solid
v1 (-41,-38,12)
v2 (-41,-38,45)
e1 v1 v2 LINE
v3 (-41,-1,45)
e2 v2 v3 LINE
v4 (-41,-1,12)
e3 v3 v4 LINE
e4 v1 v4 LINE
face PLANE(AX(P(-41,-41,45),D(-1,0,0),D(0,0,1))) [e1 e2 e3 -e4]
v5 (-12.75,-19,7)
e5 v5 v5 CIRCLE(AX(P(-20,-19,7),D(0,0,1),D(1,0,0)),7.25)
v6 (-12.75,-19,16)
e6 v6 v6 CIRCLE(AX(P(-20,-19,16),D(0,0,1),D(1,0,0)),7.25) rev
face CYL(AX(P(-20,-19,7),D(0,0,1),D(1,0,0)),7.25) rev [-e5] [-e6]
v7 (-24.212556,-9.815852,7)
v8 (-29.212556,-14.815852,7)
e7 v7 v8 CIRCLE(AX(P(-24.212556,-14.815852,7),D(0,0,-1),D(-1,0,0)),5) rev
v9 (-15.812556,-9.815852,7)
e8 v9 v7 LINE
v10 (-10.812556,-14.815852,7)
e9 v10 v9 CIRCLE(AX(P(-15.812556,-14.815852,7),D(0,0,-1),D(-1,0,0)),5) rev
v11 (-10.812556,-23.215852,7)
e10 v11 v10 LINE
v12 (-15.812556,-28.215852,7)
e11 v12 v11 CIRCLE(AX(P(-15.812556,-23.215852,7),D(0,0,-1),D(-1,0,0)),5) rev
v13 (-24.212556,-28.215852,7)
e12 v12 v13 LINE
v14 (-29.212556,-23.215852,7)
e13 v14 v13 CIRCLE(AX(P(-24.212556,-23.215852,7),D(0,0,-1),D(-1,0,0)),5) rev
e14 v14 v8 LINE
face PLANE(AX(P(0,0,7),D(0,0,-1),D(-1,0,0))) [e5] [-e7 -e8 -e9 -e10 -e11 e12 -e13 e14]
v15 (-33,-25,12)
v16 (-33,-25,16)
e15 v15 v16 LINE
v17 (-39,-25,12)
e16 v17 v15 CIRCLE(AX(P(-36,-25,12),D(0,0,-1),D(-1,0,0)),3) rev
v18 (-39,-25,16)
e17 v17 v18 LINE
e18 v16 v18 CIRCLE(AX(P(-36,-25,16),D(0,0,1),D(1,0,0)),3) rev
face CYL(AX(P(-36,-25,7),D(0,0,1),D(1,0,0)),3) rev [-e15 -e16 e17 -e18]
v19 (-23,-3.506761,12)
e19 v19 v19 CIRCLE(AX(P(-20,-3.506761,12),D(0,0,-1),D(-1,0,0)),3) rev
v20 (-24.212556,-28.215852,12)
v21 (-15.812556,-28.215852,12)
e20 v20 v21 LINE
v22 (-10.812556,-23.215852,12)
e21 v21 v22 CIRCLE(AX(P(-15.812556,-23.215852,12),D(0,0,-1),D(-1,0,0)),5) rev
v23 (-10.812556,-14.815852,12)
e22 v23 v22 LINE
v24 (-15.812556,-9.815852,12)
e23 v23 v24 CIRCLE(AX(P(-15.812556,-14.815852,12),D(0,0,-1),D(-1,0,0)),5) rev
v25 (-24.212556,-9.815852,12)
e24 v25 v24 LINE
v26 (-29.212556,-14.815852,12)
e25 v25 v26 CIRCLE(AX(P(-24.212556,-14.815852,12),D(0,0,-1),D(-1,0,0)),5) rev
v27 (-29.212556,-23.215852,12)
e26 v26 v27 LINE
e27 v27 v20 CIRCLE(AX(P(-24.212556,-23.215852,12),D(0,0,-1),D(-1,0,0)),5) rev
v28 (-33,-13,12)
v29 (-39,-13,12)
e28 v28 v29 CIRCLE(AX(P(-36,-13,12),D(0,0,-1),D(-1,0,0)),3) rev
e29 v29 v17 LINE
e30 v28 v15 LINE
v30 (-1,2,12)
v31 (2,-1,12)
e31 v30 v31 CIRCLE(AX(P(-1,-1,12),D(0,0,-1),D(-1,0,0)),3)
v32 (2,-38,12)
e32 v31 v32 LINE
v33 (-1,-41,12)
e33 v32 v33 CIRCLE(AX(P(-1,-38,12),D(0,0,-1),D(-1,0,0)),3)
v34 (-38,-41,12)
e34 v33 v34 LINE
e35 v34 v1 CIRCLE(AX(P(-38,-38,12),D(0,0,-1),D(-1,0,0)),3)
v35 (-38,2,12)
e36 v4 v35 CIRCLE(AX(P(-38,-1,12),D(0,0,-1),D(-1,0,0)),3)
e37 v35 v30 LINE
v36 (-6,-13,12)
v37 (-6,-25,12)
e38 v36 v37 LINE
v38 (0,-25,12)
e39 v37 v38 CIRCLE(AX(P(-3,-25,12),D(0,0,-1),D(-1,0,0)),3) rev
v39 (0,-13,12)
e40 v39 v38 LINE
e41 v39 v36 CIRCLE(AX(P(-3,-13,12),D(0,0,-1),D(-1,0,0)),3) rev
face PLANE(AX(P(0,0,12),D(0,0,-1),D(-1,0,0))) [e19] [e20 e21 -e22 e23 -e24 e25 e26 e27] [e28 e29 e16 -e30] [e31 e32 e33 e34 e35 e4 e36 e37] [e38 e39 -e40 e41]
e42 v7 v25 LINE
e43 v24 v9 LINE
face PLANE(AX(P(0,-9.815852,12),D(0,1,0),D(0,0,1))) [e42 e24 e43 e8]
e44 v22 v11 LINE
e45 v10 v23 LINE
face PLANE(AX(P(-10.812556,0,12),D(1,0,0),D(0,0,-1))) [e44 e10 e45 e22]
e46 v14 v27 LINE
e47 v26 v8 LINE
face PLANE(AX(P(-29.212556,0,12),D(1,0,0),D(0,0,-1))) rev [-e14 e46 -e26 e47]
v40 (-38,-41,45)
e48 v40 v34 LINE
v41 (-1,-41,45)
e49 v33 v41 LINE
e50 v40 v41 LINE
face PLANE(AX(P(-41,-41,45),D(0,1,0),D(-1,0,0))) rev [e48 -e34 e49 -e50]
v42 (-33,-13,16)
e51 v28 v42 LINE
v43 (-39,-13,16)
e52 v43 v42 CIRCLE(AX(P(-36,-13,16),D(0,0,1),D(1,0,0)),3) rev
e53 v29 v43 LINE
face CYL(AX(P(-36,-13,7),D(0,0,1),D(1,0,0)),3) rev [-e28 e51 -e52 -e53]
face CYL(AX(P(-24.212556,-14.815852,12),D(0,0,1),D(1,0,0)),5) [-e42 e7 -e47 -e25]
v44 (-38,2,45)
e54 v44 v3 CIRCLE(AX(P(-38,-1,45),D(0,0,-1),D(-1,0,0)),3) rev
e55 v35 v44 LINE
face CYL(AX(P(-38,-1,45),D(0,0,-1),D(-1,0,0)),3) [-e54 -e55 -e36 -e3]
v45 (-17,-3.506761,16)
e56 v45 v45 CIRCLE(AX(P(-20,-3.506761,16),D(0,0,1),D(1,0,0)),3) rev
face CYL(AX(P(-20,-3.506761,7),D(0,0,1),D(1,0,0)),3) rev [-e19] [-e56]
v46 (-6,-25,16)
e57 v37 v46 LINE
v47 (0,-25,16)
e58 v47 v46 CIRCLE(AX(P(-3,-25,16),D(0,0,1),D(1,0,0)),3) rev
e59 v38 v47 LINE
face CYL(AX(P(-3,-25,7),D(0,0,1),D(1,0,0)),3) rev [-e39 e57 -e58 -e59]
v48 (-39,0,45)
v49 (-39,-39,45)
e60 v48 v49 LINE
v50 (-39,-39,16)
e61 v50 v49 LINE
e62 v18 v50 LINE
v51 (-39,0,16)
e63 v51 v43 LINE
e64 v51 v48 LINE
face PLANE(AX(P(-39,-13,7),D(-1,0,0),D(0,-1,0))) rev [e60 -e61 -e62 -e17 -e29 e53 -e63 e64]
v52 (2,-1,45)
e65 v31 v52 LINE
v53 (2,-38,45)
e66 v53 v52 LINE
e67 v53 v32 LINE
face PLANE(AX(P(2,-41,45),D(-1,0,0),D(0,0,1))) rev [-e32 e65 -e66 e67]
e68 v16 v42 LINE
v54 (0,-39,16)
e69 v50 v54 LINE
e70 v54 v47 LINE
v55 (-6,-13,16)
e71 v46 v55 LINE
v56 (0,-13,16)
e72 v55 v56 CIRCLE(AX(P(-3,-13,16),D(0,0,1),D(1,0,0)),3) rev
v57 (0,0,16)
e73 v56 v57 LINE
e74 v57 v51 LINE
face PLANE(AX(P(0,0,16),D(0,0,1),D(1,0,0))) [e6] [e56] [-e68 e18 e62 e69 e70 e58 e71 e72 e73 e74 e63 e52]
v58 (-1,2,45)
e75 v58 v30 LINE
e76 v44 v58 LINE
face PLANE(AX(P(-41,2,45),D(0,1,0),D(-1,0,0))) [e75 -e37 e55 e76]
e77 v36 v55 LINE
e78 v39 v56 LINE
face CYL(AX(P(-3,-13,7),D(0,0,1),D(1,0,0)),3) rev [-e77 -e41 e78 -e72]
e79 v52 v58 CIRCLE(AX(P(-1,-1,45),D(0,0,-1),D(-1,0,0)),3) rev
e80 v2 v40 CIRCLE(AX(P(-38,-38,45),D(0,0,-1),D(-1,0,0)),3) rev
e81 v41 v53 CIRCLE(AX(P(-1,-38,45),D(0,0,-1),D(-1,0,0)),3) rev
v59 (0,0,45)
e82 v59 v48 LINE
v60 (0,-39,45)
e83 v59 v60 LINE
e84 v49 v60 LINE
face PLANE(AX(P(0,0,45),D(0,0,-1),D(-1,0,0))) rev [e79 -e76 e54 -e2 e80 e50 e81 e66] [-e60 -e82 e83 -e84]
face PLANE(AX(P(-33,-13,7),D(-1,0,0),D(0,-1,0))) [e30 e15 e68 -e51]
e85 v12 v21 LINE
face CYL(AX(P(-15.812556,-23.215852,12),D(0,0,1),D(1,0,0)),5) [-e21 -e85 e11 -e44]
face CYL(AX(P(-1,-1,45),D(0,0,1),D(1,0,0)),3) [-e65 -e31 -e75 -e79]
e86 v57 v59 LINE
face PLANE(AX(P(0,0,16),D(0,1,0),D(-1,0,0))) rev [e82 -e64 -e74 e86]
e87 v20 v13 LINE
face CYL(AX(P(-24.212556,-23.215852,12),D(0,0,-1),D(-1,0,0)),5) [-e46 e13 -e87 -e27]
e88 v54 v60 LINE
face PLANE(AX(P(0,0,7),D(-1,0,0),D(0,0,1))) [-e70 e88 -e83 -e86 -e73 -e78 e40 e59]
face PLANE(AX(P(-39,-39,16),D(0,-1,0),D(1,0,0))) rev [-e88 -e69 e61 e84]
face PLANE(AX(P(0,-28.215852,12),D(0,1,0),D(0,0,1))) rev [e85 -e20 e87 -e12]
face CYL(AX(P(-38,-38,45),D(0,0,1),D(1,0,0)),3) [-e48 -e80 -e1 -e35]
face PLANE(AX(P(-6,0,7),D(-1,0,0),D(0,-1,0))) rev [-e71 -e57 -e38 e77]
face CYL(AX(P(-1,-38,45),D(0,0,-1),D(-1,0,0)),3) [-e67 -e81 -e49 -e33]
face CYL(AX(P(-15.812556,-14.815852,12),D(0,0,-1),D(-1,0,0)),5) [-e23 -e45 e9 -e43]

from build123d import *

# Parameters (mm, degrees)
SKETCH1_W           = 43
SKETCH1_H           = 43
BOSS_EXTRUDE1_DEPTH = 45
SKETCH3_R           = 3
SKETCH3_R_2         = 7.25
CUT_EXTRUDE4_DEPTH  = 38
SKETCH6_W           = 39
SKETCH6_H           = 39
CUT_EXTRUDE5_DEPTH  = 29
SKETCH7_W           = 43
SKETCH7_H           = 43
SKETCH7_W_2         = 18.4
SKETCH7_H_2         = 18.4
CUT_EXTRUDE8_DEPTH  = 12
FILLET2_R           = 5
FILLET3_R           = 3
SKETCH10_W          = 20.235048465
SKETCH10_H          = 19.323901817
CUT_EXTRUDE9_DEPTH  = 7


with BuildPart() as part:
    # Sketch1 → Boss-Extrude1 (new body)
    with BuildSketch(Plane(origin=(0, 0, 0), x_dir=(0, 1, 0), z_dir=(0, 0, 1))):
        with Locations((-19.5, 19.5)):
            Rectangle(SKETCH1_W, SKETCH1_H)
    extrude(amount=BOSS_EXTRUDE1_DEPTH)

    # Sketch3 → Cut-Extrude4 (cut)
    with BuildSketch(Plane.XY.offset(45)):
        with Locations((-20, -3.506761261)):
            Circle(SKETCH3_R)
        with Locations((-20, -19)):
            Circle(SKETCH3_R_2)
        with BuildLine():
            Line((-6, -13), (-6, -25))
            ThreePointArc((-6, -25), (-3, -28), (0, -25))
            Line((0, -25), (0, -13))
            ThreePointArc((0, -13), (-3, -10), (-6, -13))
        make_face()
        with BuildLine():
            Line((-33, -13), (-33, -25))
            ThreePointArc((-33, -25), (-36, -28), (-39, -25))
            Line((-39, -25), (-39, -13))
            ThreePointArc((-39, -13), (-36, -10), (-33, -13))
        make_face()
    extrude(amount=-CUT_EXTRUDE4_DEPTH, mode=Mode.SUBTRACT)

    # Sketch6 → Cut-Extrude5 (cut)
    with BuildSketch(Plane.XY.offset(45)):
        with Locations((-19.5, -19.5)):
            Rectangle(SKETCH6_W, SKETCH6_H)
    extrude(amount=-CUT_EXTRUDE5_DEPTH, mode=Mode.SUBTRACT)

    # Sketch7 → Cut-Extrude8 (cut)
    with BuildSketch(Plane(origin=(0, 0, 0), x_dir=(1, 0, 0), z_dir=(0, 0, -1))):
        with Locations((-19.5, 19.5)):
            Rectangle(SKETCH7_W, SKETCH7_H)
        with Locations((-20.012556467, 19.015852406)):
            Rectangle(SKETCH7_W_2, SKETCH7_H_2, mode=Mode.SUBTRACT)
    extrude(amount=-CUT_EXTRUDE8_DEPTH, mode=Mode.SUBTRACT)

    # Fillet2
    fillet2_edges = [part.edges().sort_by_distance(p)[0] for p in [
        (-10.812556467, -9.815852406, 6),
        (-10.812556467, -28.215852406, 6),
        (-29.212556467, -28.215852406, 6),
        (-29.212556467, -9.815852406, 6),
    ]]
    fillet(fillet2_edges, radius=FILLET2_R)

    # Fillet3
    fillet3_edges = [part.edges().sort_by_distance(p)[0] for p in [
        (-41, -41, 28.5),
        (2, -41, 28.5),
        (2, 2, 28.5),
        (-41, 2, 28.5),
    ]]
    fillet(fillet3_edges, radius=FILLET3_R)

    # Sketch10 → Cut-Extrude9 (cut)
    with BuildSketch(Plane(origin=(0, 0, 0), x_dir=(1, 0, 0), z_dir=(0, 0, -1))):
        with Locations((-19.898626658, 18.797657793)):
            Rectangle(SKETCH10_W, SKETCH10_H)
    extrude(amount=-CUT_EXTRUDE9_DEPTH, mode=Mode.SUBTRACT)


solid = part.part
